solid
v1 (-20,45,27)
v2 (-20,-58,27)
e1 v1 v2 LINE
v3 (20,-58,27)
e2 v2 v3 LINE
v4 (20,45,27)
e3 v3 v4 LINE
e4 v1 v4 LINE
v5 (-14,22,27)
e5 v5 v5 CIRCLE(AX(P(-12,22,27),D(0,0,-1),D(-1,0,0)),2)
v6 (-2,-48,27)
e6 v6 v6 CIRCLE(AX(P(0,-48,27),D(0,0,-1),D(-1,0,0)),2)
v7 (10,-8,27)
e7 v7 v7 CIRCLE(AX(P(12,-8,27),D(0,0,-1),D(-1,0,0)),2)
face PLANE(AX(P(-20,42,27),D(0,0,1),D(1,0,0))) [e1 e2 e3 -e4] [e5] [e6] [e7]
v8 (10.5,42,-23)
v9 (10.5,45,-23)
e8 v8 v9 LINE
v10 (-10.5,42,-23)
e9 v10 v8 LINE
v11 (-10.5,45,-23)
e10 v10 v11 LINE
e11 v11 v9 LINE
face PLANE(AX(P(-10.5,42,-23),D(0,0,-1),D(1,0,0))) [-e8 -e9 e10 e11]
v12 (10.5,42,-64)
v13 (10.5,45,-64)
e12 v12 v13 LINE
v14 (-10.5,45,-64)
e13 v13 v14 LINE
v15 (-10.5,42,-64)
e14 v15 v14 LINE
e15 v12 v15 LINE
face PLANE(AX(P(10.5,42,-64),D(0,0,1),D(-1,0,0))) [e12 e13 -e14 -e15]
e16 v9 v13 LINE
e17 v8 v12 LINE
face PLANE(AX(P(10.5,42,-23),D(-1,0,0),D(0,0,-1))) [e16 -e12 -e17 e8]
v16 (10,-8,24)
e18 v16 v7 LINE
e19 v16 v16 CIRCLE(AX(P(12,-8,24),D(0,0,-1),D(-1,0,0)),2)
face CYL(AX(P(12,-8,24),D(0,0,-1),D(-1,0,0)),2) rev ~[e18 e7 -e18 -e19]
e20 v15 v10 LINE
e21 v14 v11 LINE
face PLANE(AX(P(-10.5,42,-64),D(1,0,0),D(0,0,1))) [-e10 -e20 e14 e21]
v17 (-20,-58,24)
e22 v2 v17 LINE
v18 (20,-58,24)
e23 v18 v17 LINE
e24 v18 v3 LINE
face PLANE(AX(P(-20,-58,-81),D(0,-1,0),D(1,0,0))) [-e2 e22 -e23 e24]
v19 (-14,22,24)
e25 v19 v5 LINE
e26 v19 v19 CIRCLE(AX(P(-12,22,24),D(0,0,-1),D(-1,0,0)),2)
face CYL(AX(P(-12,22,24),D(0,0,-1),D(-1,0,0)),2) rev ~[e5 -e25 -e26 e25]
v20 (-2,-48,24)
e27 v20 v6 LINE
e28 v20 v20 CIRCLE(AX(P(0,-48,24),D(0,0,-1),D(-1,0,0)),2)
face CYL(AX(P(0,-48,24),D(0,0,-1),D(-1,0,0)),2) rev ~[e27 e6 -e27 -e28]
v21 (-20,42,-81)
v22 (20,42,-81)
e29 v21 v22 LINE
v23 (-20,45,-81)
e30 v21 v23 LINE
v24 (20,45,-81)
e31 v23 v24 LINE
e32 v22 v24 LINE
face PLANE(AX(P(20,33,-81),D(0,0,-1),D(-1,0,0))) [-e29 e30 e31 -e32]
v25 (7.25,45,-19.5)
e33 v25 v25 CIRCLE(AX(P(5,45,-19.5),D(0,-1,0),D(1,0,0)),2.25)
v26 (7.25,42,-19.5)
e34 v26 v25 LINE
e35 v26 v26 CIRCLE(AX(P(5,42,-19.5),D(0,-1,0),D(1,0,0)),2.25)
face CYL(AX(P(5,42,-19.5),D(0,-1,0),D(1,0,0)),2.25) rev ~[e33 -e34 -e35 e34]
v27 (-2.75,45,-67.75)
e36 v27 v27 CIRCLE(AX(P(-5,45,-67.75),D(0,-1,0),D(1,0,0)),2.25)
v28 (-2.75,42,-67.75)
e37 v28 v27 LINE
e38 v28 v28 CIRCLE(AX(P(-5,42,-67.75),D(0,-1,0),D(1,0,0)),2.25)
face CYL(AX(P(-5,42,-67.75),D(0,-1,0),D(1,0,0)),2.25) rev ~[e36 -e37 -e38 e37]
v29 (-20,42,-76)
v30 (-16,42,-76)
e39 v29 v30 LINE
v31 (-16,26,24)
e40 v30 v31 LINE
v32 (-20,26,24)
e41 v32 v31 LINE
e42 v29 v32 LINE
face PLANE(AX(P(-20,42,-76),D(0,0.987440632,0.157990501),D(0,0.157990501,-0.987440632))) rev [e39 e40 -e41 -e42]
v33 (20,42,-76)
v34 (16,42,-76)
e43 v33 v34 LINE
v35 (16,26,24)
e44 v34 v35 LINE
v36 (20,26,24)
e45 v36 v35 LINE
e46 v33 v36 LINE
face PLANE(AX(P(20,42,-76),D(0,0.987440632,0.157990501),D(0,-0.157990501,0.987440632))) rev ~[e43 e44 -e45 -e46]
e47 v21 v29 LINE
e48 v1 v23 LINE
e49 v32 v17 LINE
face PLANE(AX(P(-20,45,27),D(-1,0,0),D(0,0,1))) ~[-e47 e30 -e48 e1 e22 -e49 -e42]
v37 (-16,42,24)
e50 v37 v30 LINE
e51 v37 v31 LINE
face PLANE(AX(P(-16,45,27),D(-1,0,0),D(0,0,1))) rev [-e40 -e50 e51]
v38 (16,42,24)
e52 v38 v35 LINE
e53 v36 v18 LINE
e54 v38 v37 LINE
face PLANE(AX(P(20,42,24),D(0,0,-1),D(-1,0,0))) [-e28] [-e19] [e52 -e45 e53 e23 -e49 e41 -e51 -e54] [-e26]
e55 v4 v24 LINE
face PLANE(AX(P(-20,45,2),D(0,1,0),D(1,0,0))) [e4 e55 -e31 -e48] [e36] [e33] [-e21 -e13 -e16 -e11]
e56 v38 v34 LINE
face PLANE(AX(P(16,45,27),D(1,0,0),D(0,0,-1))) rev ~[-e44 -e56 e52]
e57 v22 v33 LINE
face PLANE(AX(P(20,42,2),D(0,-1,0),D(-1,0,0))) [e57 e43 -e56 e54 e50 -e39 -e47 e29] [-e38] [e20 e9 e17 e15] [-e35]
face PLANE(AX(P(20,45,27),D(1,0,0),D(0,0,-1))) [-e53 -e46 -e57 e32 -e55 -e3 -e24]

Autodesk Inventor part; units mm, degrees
ref_plane "YZ Plane" through (0, 0, 0) normal (1, 0, 0) x (0, 1, 0)
sketch "Sketch1" plane through (0, 0, 0) normal (0, 0, 1) x (1, 0, 0)
  line L0 (-31, -31) -> (31, -31)
  line L1 (31, -31) -> (31, 31)
  line L2 (31, 31) -> (-31, 31)
  line L3 (-31, 31) -> (-31, -31)
  line L4 (-31, -31) -> (31, 31) construction
  line L5 (31, -31) -> (-31, 31) construction
  line L6 (-33, 33) -> (33, 33)
  line L7 (33, 33) -> (33, -33)
  line L8 (33, -33) -> (-33, -33)
  line L9 (-33, -33) -> (-33, 33)
  point P0 (0, 0)
  dimension "d0" = 62
  dimension "d1" = 62
  dimension "d2" = 2
extrude "Extrusion1" add sketch "Sketch1" along normal blind 2 contours L3 L2 L1 L0 | L6 L7 L8 L9
extrude "Extrusion2" add sketch "Sketch1" against normal blind 12
sketch "Sketch2" plane through (-33, 33, 2) normal (0, 1, 0) x (1, 0, 0)
  line L0 (13, 3) -> (53, 3)
  line L1 (53, 3) -> (53, 0)
  line L2 (53, 0) -> (13, 0)
  line L3 (13, 0) -> (13, 3)
  line L4 (0, 14) -> (0, 0) projected
  line L5 (0, 14) -> (66, 14) projected
  point P0 (33, 2)
  dimension "d7" = 40
  dimension "d8" = 3
  dimension "d9" = 13
  dimension "d10" = 11
extrude "Extrusion3" add sketch "Sketch2" along normal blind 12
sketch "Sketch3" plane through (20, 33, -1) normal (0, 0, -1) x (-1, 0, 0)
  line L0 (40, 12) -> (0, 12) projected
  line L1 (40, 0) -> (40, 12) projected
  line L2 (0, 12) -> (40, 12)
  line L3 (40, 12) -> (40, 9)
  line L4 (40, 9) -> (0, 9)
  line L5 (0, 9) -> (0, 12)
  point P0 (20, -33)
  dimension "d13" = 3
extrude "Extrusion4" add sketch "Sketch3" along normal blind 80
sketch "Sketch4" plane through (-20, 42, -1) normal (0, -1, 0) x (1, 0, 0)
  line L0 (30.5, -63) -> (9.5, -63)
  line L1 (9.5, -63) -> (9.5, -22)
  line L2 (9.5, -22) -> (30.5, -22)
  line L3 (30.5, -22) -> (30.5, -63)
  line L4 (40, 3) -> (40, -80) projected
  line L5 (0, 3) -> (40, 3) projected
  point P0 (20, 1)
  dimension "d16" = 21
  dimension "d17" = 41
  dimension "d18" = 9.5
  dimension "d19" = 25
extrude "Extrusion5" cut sketch "Sketch4" against normal blind 80
sketch "Sketch5" plane through (-20, 42, -1) normal (0, -1, 0) x (1, 0, 0)
  line L0 (30.5, -63) -> (9.5, -63) projected
  line L1 (30.5, -63) -> (9.5, -63)
  line L2 (9.5, -63) -> (9.5, -70)
  line L3 (9.5, -70) -> (30.5, -70)
  line L4 (30.5, -70) -> (30.5, -63)
  circle A0 centre (15, -66.75) radius 2.25
  line L5 (30.5, -22) -> (30.5, -63) projected
  line L6 (30.5, -22) -> (9.5, -22)
  line L7 (9.5, -22) -> (9.5, -15)
  line L8 (9.5, -15) -> (30.5, -15)
  line L9 (30.5, -15) -> (30.5, -22)
  circle A1 centre (25, -18.5) radius 2.25
  point P0 (20, 1)
  point P1 (14.9217, -69.81)
  point P2 (13.9783, -69.81)
  point P3 (25.0283, -15.19)
  point P4 (25.9717, -15.19)
  dimension "d22" = 7
  dimension "d23" = 4.5
  dimension "d24" = 3.75
  dimension "d25" = 5.5
  dimension "d26" = 7
  dimension "d27" = 4.5
  dimension "d28" = 5.5
  dimension "d29" = 3.5
extrude "Extrusion6" cut sketch "Sketch5" against normal blind 80 contours A0 | A1
sketch "Sketch6" plane through (-33, -33, 2) normal (0, -1, 0) x (1, 0, 0)
  line L0 (0, -14) -> (0, 0) projected
  line L1 (66, -14) -> (66, 0) projected
  line L2 (0, 0) -> (66, 0)
  line L3 (66, 0) -> (66, -14)
  line L4 (66, -14) -> (0, -14)
  line L5 (0, -14) -> (0, 0)
  point P0 (33, -2)
  point P1 (66, 0)
extrude "Extrusion7" cut sketch "Sketch6" against normal up to surface (75 mm away)
sketch "Sketch7" plane through (0, 0, 2) normal (0, 0, 1) x (1, 0, 0)
  line L0 (-20, 42) -> (-20, 45) projected
  line L1 (20, 42) -> (20, 45) projected
  line L2 (-20, 45) -> (20, 45)
  line L3 (20, 45) -> (20, 42)
  line L4 (20, 42) -> (-20, 42)
  line L5 (-20, 42) -> (-20, 45)
  point P0 (0, 0)
extrude "Extrusion8" add sketch "Sketch7" along normal blind 25
sketch "Sketch8" plane through (-20, 42, -81) normal (0, -1, 0) x (1, 0, 0)
  line L0 (0, 108) -> (0, 0) projected
  line L1 (40, 0) -> (40, 108) projected
  line L2 (0, 108) -> (40, 108)
  line L3 (40, 108) -> (40, 105)
  line L4 (40, 105) -> (0, 105)
  line L5 (0, 105) -> (0, 108)
  point P0 (20, 81)
  dimension "d36" = 3
extrude "Extrusion9" add sketch "Sketch8" along normal blind 100
sketch "Sketch9" plane through (20, 42, 24) normal (0, 0, -1) x (-1, 0, 0)
  circle A0 centre (20, -90) radius 2
  circle A1 centre (8, -50) radius 2
  circle A2 centre (32, -20) radius 2
  line L0 (40, 0) -> (40, -100) projected
  line L1 (0, 0) -> (0, -100) projected
  line L2 (40, -100) -> (0, -100) projected
  line L3 (0, 0) -> (40, 0) projected
  point P0 (20, -42)
  dimension "d39" = 4
  dimension "d40" = 4
  dimension "d41" = 4
  dimension "d42" = 8
  dimension "d43" = 8
  dimension "d44" = 20
  dimension "d45" = 10
  dimension "d46" = 50
  dimension "d47" = 20
extrude "Extrusion10" cut sketch "Sketch9" against normal blind 10 contours A0 | A1 | A2
ref_plane "Work Plane1" through (0, 45, 27) normal (1, 0, 0) x (0, 0, -1)
sketch "Sketch11" plane through (20, 45, 27) normal (1, 0, 0) x (0, 0, -1)
  line L0 (3, -3) -> (3, -103) projected
  line L1 (3, -3) -> (103, -3)
  line L2 (103, -3) -> (103, -19)
  line L3 (103, -19) -> (3, -19)
  line L4 (3, -19) -> (3, -3)
  line L5 (103, -3) -> (3, -19)
  point P0 (27, -45)
  point P1 (3, -19)
  dimension "d55" = 100
  dimension "d56" = 16
extrude "Extrusion12" add sketch "Sketch11" against normal blind 4 contours L1 L5 L0
ref_plane "Work Plane2" through (0, 45, -81) normal (-1, 0, 0) x (0, 0, 1)
mirror "Mirror1" about plane through (0, 45, -81) normal (-1, 0, 0) of "Extrusion12"
properties part number "pan_base_holder_first"
